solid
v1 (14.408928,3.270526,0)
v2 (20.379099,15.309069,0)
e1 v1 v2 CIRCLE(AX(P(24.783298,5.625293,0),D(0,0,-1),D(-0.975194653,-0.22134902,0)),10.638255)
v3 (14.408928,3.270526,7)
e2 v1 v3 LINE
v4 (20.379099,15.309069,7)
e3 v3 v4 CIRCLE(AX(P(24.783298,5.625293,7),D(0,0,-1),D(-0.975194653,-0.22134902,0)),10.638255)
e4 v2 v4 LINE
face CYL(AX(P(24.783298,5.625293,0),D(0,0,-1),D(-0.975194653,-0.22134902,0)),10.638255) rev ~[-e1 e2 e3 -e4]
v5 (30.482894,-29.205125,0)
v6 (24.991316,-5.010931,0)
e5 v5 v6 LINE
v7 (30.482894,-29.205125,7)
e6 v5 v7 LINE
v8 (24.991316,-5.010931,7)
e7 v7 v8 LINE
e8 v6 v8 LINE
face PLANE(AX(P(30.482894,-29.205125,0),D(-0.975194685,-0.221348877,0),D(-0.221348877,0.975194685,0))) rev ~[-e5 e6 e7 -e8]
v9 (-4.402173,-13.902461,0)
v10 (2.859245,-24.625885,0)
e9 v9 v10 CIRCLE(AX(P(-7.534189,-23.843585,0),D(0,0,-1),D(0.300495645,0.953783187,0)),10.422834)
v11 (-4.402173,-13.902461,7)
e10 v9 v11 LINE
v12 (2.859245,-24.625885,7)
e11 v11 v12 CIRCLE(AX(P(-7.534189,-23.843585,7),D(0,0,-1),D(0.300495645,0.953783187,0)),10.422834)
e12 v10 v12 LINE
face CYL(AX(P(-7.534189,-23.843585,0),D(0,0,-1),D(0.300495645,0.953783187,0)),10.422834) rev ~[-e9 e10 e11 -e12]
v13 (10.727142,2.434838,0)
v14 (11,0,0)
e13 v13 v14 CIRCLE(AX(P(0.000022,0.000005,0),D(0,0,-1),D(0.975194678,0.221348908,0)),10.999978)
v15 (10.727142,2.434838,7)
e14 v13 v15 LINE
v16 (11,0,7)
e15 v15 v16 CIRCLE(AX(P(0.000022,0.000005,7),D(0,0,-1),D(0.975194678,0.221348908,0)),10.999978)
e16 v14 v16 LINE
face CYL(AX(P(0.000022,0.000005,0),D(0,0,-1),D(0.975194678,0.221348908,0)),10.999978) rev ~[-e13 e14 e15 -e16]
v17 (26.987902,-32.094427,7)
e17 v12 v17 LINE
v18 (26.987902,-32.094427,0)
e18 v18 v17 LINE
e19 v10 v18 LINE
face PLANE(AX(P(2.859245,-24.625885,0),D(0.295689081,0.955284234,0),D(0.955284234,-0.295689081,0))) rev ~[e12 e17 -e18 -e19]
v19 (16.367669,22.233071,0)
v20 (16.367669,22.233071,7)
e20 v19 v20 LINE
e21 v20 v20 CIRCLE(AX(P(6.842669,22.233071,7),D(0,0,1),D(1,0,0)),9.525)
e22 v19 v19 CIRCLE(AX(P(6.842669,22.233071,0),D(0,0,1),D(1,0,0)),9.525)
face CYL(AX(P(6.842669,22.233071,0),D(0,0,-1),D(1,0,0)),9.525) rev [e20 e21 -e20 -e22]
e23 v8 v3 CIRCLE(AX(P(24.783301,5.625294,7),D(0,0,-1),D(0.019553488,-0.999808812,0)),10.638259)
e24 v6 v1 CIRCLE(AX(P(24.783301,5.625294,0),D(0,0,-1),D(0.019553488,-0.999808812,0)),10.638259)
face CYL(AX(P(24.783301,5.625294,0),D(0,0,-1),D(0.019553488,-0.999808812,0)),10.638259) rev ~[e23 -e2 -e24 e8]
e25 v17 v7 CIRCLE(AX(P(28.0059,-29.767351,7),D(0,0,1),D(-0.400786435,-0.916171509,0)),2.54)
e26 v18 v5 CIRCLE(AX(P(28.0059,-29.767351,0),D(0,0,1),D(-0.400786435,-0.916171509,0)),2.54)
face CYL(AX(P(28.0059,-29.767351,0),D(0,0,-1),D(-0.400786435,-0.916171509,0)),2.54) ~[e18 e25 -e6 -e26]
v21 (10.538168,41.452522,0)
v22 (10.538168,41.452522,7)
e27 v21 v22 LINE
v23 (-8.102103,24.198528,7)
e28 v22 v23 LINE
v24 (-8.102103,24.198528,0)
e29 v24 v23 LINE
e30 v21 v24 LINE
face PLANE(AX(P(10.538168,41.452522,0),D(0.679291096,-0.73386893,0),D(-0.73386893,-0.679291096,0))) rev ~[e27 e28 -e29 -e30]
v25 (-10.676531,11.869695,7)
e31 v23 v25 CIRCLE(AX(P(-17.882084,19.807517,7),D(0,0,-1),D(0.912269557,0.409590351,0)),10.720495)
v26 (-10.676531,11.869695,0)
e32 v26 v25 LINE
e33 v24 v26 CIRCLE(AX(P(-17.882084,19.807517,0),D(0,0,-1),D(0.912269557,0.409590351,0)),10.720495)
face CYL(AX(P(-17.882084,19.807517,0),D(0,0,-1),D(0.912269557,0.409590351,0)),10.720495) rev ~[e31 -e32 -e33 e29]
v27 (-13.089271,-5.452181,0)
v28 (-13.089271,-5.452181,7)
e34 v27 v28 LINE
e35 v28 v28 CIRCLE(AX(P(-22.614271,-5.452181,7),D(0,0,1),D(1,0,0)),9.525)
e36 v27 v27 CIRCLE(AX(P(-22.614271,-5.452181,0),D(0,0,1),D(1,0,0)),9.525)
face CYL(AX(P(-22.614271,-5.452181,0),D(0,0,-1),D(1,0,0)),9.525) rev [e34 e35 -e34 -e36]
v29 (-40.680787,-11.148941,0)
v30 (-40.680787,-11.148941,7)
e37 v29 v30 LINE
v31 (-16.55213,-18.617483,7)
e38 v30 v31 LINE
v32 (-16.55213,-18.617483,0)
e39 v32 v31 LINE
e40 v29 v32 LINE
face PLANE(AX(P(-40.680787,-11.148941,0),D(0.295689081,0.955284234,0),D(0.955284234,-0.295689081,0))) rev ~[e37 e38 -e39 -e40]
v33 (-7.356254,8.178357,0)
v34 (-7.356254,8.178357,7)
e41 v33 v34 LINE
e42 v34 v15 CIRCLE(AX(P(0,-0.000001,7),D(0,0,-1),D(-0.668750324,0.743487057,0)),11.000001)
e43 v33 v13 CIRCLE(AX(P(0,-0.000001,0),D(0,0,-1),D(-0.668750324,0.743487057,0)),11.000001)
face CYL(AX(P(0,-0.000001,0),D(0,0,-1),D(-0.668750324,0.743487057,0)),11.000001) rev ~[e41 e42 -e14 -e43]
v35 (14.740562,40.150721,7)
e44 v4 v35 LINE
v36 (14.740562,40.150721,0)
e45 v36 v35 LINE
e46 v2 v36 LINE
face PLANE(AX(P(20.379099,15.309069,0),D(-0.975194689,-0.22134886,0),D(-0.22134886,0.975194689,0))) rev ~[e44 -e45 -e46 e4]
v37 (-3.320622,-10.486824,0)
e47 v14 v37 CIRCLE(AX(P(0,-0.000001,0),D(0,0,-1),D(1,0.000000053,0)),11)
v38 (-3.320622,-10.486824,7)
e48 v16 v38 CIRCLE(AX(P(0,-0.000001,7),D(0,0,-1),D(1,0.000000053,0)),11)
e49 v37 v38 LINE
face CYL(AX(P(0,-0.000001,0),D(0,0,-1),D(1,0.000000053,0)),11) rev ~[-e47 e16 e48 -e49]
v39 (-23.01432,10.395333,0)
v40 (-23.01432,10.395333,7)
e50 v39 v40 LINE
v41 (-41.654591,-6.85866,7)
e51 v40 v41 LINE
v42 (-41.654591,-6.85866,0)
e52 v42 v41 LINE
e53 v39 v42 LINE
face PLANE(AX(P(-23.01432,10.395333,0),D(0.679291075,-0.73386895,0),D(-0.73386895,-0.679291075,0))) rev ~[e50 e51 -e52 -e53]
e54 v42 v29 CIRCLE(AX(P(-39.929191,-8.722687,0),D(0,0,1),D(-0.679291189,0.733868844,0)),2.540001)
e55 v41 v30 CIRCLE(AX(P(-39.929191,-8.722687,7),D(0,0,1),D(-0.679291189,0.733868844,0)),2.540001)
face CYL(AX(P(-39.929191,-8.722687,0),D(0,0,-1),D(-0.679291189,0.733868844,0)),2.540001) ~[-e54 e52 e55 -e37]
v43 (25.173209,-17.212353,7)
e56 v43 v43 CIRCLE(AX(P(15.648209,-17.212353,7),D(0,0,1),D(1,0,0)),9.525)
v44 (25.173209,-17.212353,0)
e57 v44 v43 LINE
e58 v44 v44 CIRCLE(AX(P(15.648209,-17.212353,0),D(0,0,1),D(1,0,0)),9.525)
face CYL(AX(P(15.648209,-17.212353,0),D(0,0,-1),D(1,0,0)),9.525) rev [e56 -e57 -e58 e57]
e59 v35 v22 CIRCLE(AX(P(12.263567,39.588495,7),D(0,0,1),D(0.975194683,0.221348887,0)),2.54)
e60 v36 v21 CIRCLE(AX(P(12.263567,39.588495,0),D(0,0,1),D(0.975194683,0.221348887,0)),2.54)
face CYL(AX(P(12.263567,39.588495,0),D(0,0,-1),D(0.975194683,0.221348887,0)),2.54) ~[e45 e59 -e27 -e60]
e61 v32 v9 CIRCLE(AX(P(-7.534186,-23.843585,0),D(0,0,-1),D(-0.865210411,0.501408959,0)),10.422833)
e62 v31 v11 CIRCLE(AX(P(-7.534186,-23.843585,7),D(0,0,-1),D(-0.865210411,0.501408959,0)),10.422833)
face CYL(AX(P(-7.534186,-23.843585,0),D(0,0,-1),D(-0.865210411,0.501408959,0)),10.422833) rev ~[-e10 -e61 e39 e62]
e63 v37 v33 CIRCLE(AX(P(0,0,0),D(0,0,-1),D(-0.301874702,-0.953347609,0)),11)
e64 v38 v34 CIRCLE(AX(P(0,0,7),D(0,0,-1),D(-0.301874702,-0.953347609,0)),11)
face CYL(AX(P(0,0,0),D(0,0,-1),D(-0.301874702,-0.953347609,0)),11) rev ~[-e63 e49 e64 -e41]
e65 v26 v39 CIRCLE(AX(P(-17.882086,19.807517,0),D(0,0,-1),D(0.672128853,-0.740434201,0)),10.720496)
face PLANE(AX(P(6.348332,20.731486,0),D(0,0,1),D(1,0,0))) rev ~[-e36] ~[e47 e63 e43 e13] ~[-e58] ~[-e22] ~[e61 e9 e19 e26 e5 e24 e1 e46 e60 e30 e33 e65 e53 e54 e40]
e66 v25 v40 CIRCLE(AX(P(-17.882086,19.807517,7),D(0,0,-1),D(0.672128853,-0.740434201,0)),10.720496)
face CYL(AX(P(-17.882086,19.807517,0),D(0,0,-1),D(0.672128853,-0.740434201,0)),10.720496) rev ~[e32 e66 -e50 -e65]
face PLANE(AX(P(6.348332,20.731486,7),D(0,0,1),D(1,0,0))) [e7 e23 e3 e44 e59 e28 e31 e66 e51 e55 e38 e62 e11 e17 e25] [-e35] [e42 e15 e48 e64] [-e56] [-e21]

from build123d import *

# Parameters (mm, degrees)
F0_R     = 9.525
F1_DEPTH = 7


with BuildPart() as f1:
    # F0 (on Top) → F1 (new body)
    with BuildSketch(Plane.XY):
        with BuildLine():
            ThreePointArc((-7.356254, 8.178357), (3.329824, 10.483905), (10.727142, 2.434838))
            Line((10.727142, 2.434838), (14.408928, 3.270526))
            ThreePointArc((14.408928, 3.270526), (15.252655, 10.351743), (20.379099, 15.309069))
            Line((20.379099, 15.309069), (14.740562, 40.150721))
            ThreePointArc((14.740562, 40.150721), (13.015163, 42.014748), (10.538168, 41.452522))
            Line((10.538168, 41.452522), (-8.102103, 24.198528))
            ThreePointArc((-8.102103, 24.198528), (-7.387937, 17.616196), (-10.676531, 11.869695))
            Line((-10.676531, 11.869695), (-7.356254, 8.178357))
        make_face()
        with Locations((6.842669, 22.233071)):
            Circle(F0_R, mode=Mode.SUBTRACT)
        with BuildLine():
            Line((-4.402173, -13.902461), (-3.320622, -10.486824))
            ThreePointArc((-3.320622, -10.486824), (-10.751566, -2.324615), (-7.356254, 8.178357))
            Line((-7.356254, 8.178357), (-10.676531, 11.869695))
            ThreePointArc((-10.676531, 11.869695), (-16.61004, 9.162756), (-23.01432, 10.395333))
            Line((-23.01432, 10.395333), (-41.654591, -6.85866))
            ThreePointArc((-41.654591, -6.85866), (-42.406186, -9.284914), (-40.680787, -11.148941))
            Line((-40.680787, -11.148941), (-16.55213, -18.617483))
            ThreePointArc((-16.55213, -18.617483), (-11.304982, -14.126767), (-4.402173, -13.902461))
        make_face()
        with Locations((-22.614271, -5.452181)):
            Circle(F0_R, mode=Mode.SUBTRACT)
        with BuildLine():
            ThreePointArc((10.727142, 2.434838), (10.931573, 1.225039), (11, 0))
            ThreePointArc((11, 0), (6.498968, -8.874876), (-3.320622, -10.486824))
            Line((-3.320622, -10.486824), (-4.402173, -13.902461))
            ThreePointArc((-4.402173, -13.902461), (1.09613, -17.999523), (2.859245, -24.625885))
            Line((2.859245, -24.625885), (26.987902, -32.094427))
            ThreePointArc((26.987902, -32.094427), (29.624289, -31.725007), (30.482894, -29.205125))
            Line((30.482894, -29.205125), (24.991316, -5.010931))
            ThreePointArc((24.991316, -5.010931), (18.227056, -2.752546), (14.408928, 3.270526))
            Line((14.408928, 3.270526), (10.727142, 2.434838))
        make_face()
        with Locations((15.648209, -17.212353)):
            Circle(F0_R, mode=Mode.SUBTRACT)
    extrude(amount=F1_DEPTH)


solid = f1.part
